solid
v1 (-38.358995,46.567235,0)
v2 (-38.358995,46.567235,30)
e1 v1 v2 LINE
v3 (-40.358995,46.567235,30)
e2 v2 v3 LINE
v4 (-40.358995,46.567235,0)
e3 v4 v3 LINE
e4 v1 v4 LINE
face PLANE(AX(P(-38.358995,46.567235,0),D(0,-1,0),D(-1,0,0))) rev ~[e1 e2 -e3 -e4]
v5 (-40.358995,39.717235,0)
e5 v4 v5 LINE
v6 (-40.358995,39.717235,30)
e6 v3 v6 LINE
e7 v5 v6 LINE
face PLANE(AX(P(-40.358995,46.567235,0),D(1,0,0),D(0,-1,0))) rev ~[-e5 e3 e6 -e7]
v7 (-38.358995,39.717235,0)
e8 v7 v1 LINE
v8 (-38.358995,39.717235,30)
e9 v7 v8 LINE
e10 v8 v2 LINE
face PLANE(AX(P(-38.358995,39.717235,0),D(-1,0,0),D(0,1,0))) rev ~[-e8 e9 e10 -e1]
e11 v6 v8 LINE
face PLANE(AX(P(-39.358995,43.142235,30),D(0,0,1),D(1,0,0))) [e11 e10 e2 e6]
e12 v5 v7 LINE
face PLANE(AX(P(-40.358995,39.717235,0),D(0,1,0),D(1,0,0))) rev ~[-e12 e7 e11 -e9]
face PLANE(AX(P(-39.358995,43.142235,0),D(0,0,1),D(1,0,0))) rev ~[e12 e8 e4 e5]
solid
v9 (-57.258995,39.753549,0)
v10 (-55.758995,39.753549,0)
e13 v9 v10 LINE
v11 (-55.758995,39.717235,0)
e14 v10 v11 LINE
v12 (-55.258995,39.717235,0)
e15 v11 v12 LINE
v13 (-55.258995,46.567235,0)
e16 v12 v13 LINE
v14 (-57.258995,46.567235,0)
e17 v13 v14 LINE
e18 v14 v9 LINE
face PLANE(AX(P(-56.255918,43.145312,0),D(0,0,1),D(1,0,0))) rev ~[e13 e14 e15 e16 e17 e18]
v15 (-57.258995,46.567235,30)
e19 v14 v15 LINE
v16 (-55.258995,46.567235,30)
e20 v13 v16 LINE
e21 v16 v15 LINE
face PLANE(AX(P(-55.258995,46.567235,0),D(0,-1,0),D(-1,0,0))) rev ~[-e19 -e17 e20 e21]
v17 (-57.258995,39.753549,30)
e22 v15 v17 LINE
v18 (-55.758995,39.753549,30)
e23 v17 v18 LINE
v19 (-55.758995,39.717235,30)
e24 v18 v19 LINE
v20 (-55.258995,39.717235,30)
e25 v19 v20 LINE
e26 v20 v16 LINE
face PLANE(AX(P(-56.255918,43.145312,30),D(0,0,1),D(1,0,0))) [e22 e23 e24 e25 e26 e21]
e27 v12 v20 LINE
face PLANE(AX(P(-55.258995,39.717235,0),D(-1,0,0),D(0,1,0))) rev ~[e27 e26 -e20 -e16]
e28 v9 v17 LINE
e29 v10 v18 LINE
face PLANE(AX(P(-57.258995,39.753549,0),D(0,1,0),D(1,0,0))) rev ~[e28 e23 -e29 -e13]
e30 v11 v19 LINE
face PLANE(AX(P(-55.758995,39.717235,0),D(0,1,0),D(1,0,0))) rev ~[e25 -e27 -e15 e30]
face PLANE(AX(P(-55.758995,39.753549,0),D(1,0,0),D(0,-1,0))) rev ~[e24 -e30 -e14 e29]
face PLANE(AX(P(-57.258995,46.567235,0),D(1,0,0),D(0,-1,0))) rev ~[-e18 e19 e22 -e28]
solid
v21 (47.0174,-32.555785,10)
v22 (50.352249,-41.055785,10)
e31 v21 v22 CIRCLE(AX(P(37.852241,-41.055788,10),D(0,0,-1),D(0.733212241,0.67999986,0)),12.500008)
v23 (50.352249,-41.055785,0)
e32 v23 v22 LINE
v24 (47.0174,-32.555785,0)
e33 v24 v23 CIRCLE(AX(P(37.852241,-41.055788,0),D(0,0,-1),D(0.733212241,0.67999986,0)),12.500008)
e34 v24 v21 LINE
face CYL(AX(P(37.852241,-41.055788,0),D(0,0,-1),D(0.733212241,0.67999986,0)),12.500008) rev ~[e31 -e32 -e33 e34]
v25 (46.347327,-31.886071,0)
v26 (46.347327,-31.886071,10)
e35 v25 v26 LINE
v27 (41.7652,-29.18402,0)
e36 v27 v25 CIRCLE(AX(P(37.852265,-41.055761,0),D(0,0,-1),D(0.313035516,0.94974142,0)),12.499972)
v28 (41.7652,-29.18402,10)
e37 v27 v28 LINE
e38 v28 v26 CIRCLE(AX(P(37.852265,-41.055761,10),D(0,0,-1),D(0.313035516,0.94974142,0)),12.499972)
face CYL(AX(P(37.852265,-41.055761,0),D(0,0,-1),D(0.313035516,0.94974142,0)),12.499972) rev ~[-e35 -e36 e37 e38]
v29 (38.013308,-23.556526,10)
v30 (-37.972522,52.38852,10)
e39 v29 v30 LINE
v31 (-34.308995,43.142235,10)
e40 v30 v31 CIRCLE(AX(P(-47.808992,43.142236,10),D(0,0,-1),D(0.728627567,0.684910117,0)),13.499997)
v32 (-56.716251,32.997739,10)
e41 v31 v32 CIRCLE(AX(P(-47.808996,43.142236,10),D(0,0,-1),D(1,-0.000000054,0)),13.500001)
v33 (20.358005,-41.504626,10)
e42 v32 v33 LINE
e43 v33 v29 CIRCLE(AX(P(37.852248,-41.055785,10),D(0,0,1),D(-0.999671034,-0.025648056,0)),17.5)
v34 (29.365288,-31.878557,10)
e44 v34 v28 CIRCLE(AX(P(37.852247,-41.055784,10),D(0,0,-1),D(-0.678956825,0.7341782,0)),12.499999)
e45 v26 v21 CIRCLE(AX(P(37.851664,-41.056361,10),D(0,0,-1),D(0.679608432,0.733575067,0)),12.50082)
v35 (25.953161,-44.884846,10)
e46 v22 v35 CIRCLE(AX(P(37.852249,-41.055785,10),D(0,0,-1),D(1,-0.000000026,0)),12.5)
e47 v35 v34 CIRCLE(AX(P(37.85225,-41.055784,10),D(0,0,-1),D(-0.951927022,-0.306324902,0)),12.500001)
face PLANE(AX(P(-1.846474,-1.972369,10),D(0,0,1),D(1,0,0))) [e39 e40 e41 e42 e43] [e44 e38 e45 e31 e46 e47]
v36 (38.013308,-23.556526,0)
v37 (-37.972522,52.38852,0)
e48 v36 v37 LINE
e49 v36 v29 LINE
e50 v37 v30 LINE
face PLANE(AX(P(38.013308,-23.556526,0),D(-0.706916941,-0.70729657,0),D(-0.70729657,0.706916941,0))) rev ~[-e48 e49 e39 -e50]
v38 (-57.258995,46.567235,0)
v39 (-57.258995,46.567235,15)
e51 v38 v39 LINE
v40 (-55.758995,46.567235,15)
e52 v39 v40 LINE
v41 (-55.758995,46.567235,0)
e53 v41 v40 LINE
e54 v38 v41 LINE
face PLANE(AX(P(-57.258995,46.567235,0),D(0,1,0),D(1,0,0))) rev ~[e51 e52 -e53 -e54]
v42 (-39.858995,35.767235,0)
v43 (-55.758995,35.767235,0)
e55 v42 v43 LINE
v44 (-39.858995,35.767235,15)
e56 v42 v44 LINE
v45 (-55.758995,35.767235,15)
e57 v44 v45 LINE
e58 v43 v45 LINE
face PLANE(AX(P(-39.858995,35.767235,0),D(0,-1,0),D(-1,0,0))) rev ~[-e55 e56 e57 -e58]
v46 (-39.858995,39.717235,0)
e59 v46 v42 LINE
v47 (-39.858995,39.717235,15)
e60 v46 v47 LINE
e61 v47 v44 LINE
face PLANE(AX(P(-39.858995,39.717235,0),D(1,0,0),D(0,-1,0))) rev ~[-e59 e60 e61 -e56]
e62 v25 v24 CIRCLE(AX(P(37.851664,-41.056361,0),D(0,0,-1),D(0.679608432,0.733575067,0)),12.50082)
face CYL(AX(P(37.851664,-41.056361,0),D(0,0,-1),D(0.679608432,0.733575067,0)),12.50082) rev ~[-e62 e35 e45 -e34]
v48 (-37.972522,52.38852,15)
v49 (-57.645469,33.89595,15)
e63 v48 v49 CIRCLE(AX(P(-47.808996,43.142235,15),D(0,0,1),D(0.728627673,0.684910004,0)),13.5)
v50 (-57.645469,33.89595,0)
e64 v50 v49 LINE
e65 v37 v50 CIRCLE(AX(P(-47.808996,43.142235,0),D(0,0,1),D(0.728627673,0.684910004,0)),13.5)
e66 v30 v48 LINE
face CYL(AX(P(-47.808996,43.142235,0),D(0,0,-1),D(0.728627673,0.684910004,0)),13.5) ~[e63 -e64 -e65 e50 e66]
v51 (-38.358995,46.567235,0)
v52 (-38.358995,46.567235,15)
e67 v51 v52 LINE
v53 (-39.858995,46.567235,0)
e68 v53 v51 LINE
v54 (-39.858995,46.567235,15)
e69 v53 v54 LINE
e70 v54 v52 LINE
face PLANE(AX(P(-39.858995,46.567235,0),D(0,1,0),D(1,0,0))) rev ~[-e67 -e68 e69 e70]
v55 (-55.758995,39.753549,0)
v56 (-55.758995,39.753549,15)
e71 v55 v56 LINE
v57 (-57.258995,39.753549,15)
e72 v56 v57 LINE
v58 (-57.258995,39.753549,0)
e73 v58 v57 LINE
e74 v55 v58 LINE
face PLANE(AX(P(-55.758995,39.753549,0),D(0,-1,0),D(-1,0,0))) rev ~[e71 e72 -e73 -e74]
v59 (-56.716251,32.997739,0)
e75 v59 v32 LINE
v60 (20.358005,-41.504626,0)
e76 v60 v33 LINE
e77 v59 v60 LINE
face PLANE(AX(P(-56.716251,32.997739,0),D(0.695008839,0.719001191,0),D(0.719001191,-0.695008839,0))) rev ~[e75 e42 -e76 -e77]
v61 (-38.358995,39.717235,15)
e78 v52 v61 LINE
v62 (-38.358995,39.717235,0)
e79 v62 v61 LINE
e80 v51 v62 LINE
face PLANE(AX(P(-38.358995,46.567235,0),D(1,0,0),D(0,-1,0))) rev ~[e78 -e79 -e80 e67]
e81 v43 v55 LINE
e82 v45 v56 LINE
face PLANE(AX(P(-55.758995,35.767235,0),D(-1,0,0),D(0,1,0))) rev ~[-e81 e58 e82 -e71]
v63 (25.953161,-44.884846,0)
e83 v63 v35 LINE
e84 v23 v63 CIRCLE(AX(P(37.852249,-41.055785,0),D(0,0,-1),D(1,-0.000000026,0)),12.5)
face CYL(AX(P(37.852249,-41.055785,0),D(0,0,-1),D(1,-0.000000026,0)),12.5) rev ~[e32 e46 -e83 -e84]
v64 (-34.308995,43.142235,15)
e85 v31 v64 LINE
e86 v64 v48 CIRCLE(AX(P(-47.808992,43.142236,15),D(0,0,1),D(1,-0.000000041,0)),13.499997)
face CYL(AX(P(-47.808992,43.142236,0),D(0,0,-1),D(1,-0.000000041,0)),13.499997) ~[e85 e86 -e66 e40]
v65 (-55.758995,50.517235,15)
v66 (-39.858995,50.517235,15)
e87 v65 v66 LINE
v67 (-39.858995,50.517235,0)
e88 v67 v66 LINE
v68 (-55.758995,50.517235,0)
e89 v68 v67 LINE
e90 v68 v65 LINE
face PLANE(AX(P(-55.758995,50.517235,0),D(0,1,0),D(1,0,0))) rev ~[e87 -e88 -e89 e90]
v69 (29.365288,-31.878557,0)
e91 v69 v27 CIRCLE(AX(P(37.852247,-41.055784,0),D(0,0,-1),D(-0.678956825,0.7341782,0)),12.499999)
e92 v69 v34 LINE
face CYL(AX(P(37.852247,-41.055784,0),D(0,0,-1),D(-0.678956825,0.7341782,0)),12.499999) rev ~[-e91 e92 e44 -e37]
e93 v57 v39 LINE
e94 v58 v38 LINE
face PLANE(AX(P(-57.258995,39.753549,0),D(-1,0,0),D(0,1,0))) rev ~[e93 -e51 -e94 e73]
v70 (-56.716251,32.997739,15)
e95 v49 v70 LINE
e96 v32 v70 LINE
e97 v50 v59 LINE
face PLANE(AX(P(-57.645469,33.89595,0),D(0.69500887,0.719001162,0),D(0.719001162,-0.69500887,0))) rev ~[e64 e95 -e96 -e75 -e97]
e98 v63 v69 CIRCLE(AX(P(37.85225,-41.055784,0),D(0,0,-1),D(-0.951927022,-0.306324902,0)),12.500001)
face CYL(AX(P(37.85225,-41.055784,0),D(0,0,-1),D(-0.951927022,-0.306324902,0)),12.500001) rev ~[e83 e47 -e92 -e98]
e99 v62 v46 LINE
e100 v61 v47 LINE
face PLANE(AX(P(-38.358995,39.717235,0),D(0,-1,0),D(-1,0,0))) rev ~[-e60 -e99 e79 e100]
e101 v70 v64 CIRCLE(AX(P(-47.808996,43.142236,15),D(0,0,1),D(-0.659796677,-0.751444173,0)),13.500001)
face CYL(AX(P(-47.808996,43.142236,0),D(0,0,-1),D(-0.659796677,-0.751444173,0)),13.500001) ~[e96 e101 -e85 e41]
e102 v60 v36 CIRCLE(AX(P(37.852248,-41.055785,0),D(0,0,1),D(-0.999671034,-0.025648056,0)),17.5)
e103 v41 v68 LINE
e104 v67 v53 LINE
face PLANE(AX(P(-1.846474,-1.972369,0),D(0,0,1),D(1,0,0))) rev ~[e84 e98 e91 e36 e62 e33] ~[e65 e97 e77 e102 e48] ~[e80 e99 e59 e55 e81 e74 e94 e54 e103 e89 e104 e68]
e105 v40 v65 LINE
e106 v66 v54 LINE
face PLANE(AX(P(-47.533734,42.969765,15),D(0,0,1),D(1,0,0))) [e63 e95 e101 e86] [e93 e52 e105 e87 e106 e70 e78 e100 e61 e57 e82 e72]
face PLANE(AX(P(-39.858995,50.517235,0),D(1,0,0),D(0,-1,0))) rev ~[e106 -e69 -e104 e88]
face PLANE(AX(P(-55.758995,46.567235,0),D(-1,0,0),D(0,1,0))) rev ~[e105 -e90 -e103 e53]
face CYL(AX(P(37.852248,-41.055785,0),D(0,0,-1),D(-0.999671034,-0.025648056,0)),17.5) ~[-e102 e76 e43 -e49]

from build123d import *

# Parameters (mm, degrees)
F1_DEPTH = 30
F2_DEPTH = 15
F3_DEPTH = 10


with BuildPart() as f1:
    # F0 (on Top) → F1 (new body)
    with BuildSketch(Plane.XY):
        Polygon((-55.258995, 46.567235), (-55.758995, 46.567235), (-57.258995, 46.567235), (-57.258995, 39.753549), (-55.758995, 39.753549), (-55.758995, 39.717235), (-55.258995, 39.717235), align=None)
        Polygon((-38.358995, 46.567235), (-39.858995, 46.567235), (-40.358995, 46.567235), (-40.358995, 39.717235), (-39.858995, 39.717235), (-38.358995, 39.717235), align=None)
    extrude(amount=F1_DEPTH)


with BuildPart() as f2:
    # F0 (on Top) → F2 (new body)
    with BuildSketch(Plane.XY):
        with BuildLine():
            ThreePointArc((-56.716251, 32.997739), (-42.241139, 30.843903), (-34.308995, 43.142235))
            ThreePointArc((-34.308995, 43.142235), (-35.25825, 48.115041), (-37.972522, 52.38852))
            ThreePointArc((-37.972522, 52.38852), (-57.05528, 52.978709), (-57.645469, 33.89595))
            Line((-57.645469, 33.89595), (-56.716251, 32.997739))
        make_face()
        Polygon((-55.758995, 46.567235), (-55.758995, 50.517235), (-39.858995, 50.517235), (-39.858995, 46.567235), (-38.358995, 46.567235), (-38.358995, 39.717235), (-39.858995, 39.717235), (-39.858995, 35.767235), (-55.758995, 35.767235), (-55.758995, 39.717235), (-55.758995, 39.753549), (-57.258995, 39.753549), (-57.258995, 46.567235), align=None, mode=Mode.SUBTRACT)
    extrude(amount=F2_DEPTH)

    # F0 (on Top) → F3 (join)
    with BuildSketch(Plane.XY):
        with BuildLine():
            ThreePointArc((-37.972522, 52.38852), (-35.25825, 48.115041), (-34.308995, 43.142235))
            ThreePointArc((-34.308995, 43.142235), (-42.241139, 30.843903), (-56.716251, 32.997739))
            Line((-56.716251, 32.997739), (20.358005, -41.504626))
            ThreePointArc((20.358005, -41.504626), (50.327961, -53.327973), (38.013308, -23.556526))
            Line((38.013308, -23.556526), (-37.972522, 52.38852))
        make_face()
        with BuildLine():
            ThreePointArc((47.0174, -32.555785), (49.488708, -36.490393), (50.352249, -41.055785))
            ThreePointArc((50.352249, -41.055785), (39.790212, -53.404643), (25.953161, -44.884846))
            ThreePointArc((25.953161, -44.884846), (25.7614, -37.883817), (29.365288, -31.878557))
            ThreePointArc((29.365288, -31.878557), (35.197909, -28.840856), (41.7652, -29.18402))
            ThreePointArc((41.7652, -29.18402), (44.201664, -30.288476), (46.347327, -31.886071))
            ThreePointArc((46.347327, -31.886071), (46.68871, -32.214578), (47.0174, -32.555785))
        make_face(mode=Mode.SUBTRACT)
    extrude(amount=F3_DEPTH)


solid = Compound([f1.part, f2.part])
